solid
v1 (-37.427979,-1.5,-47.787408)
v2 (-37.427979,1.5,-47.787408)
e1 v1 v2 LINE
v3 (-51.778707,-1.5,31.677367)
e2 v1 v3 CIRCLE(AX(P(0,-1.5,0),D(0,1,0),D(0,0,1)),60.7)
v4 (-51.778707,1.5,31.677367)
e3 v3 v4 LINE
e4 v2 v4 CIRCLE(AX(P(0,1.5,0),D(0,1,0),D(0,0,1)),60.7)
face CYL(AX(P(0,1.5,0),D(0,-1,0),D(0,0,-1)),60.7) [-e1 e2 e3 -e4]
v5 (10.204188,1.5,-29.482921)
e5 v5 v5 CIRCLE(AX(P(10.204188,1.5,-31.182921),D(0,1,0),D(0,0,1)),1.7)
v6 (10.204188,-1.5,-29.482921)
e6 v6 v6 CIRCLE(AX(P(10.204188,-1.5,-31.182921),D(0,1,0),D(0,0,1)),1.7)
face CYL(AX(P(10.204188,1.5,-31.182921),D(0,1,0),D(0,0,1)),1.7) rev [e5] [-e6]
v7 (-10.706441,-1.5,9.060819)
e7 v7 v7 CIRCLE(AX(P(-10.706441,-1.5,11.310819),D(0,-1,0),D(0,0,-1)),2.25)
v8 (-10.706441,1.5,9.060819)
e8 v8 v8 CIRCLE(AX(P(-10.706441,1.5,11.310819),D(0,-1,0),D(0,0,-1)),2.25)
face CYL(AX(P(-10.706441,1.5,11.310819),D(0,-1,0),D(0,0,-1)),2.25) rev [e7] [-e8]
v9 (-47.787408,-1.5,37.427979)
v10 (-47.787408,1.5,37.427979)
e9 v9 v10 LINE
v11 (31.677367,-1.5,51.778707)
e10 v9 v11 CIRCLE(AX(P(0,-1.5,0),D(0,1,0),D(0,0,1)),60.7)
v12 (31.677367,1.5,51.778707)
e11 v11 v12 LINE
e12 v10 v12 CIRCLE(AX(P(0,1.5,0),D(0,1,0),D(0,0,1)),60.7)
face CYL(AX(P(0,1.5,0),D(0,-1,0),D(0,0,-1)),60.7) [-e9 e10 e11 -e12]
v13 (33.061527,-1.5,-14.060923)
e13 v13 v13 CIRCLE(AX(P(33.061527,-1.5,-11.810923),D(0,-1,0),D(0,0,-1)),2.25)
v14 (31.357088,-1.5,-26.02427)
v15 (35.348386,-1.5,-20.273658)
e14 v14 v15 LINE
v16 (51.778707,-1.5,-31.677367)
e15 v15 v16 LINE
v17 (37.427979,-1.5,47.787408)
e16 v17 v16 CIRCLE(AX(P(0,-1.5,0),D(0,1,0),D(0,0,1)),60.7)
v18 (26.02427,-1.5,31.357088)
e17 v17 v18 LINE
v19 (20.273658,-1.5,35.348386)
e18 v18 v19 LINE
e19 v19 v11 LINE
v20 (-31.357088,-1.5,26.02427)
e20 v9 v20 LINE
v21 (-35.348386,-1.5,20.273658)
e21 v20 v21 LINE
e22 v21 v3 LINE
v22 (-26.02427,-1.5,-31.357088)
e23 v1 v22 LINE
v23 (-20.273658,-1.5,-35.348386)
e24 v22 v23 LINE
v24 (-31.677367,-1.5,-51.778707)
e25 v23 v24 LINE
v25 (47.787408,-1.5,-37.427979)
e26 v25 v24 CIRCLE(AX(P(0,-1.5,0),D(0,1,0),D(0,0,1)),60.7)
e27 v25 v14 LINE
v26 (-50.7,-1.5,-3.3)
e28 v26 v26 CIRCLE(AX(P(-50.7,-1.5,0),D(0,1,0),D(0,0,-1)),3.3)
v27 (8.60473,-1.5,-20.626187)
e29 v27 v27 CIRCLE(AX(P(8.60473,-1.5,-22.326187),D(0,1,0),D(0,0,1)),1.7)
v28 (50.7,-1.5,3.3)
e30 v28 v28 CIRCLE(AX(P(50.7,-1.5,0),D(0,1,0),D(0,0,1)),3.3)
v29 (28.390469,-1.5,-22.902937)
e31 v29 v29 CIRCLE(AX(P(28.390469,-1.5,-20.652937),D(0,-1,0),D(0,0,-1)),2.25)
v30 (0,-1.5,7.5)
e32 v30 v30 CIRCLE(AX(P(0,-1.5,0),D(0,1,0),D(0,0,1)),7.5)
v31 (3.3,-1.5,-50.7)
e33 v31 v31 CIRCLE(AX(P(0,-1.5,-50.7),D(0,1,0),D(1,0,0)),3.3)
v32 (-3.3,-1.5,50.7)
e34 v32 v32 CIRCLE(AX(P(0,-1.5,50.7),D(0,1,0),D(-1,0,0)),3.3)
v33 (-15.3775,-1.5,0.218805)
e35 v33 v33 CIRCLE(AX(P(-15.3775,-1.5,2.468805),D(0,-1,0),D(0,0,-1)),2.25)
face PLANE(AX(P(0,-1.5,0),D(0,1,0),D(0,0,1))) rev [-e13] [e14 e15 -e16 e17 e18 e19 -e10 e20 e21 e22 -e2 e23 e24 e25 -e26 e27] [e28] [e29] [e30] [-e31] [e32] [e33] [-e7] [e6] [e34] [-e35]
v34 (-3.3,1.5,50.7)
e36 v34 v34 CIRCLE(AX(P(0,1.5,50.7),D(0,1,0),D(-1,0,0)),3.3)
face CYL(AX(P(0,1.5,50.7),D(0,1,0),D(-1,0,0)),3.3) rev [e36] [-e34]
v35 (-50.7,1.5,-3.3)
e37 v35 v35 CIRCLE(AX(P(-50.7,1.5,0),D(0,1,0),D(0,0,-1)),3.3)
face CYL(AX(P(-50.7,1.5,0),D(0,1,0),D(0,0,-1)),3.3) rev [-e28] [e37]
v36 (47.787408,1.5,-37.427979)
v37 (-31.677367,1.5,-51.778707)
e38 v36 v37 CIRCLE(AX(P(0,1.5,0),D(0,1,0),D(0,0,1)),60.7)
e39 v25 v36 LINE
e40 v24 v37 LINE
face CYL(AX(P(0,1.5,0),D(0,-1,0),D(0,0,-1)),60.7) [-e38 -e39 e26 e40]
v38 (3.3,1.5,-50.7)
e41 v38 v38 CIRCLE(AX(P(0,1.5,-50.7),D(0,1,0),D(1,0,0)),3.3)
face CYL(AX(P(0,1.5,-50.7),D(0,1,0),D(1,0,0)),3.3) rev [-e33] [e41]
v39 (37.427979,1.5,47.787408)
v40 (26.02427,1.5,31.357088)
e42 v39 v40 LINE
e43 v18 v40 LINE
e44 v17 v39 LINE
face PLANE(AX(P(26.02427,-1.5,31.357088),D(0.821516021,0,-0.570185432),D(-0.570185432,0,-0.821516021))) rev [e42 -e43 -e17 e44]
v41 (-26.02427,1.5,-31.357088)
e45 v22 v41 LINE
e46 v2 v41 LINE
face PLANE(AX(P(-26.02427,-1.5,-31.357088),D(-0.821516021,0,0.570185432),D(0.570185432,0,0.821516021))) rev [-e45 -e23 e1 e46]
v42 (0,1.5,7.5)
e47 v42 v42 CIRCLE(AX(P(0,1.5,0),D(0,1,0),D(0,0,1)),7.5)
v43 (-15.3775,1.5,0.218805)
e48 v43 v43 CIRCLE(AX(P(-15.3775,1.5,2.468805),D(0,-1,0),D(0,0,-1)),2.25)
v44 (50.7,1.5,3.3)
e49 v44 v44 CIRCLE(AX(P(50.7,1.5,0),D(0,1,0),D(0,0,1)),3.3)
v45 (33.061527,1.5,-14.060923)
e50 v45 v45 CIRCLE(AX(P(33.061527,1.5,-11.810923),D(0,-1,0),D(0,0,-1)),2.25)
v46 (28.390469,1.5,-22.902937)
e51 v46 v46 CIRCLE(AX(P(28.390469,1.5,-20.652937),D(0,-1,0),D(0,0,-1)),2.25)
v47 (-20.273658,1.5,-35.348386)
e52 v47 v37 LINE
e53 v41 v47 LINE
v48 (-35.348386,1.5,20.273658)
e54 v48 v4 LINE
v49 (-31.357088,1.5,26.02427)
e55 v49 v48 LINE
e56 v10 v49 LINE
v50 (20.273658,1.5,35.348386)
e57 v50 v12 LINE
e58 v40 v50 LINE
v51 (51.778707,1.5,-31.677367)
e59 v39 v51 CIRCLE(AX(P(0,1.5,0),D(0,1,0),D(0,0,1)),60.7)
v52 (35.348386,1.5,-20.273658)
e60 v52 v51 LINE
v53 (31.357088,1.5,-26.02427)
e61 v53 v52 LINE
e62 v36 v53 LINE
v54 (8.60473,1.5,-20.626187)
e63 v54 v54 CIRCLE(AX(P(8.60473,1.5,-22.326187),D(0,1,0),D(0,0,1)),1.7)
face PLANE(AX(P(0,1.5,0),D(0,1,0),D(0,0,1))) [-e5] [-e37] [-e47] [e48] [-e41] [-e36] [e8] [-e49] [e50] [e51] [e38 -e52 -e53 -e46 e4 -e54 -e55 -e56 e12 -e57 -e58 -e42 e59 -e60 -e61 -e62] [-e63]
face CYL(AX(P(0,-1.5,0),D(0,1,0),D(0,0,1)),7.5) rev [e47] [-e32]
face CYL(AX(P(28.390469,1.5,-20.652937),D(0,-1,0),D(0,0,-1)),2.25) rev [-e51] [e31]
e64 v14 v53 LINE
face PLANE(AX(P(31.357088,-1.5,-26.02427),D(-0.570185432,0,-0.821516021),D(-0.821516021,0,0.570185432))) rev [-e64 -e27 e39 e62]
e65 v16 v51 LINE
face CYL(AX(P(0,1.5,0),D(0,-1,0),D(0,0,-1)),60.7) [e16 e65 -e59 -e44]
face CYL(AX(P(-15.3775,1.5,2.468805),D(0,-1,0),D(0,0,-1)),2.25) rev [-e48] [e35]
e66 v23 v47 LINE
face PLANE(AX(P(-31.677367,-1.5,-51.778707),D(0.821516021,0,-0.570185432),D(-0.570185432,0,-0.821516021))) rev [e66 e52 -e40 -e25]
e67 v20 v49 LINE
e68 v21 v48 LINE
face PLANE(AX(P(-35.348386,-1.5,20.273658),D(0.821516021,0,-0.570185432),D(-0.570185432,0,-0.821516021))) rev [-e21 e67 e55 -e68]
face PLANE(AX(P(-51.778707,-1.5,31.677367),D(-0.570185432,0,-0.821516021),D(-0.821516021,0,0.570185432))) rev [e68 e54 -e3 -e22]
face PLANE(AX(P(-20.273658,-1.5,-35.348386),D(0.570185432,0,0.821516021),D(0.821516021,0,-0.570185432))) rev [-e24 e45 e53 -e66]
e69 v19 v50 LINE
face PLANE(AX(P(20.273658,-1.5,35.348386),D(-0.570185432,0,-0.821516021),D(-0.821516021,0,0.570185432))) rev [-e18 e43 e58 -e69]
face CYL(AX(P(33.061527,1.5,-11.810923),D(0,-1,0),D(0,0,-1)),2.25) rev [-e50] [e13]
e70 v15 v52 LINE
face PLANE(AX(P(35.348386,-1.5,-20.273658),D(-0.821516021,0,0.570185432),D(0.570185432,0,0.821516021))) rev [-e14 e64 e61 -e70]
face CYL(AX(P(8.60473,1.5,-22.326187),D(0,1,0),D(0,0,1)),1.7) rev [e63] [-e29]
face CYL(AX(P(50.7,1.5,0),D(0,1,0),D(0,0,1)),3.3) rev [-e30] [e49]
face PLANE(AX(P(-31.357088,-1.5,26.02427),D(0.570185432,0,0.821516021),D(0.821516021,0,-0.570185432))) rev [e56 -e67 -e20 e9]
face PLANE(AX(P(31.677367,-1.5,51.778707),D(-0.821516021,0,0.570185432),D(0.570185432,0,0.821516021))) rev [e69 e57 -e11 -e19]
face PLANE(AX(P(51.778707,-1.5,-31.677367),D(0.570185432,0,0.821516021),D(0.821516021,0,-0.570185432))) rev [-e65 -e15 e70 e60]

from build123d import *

# Parameters (mm, degrees)
SKETCH1_R                   = 60.7
BOSS_EXTRUDE1_DEPTH         = 1.5
M6_CLEARANCE_HOLE1_D        = 6.6
CIRPATTERN2_COUNT           = 4
SKETCH10_R                  = 7.5
SERVO_HUB_HOLE_DEPTH        = 86.895168665
SKETCH11_R                  = 2.25
SERVO_SCREW_HOLES_DEPTH     = 86.895168665
LEG_MECHANISM_CUTOUTS_DEPTH = 86.895168665
CIRPATTERN3_COUNT           = 4
M3_CLEARANCE_HOLE1_D        = 3.4


with BuildPart() as part:
    # Sketch1 → Boss-Extrude1 (new, symmetric)
    with BuildSketch(Plane(origin=(0, 0, 0), x_dir=(1, 0, 0), z_dir=(0, 1, 0))):
        with Locations(Location((0, 0, 0), (0, 0, 270))):
            Circle(SKETCH1_R)
    extrude(amount=BOSS_EXTRUDE1_DEPTH, both=True)

    # M6 Clearance Hole1 (through all)
    with Locations(Plane(origin=(0, 1.5, 0), x_dir=(1, 0, 0), z_dir=(0, 1, 0))):
        with Locations((50.7, 0)):
            m6_clearance_hole1 = Hole(M6_CLEARANCE_HOLE1_D / 2)

    # CirPattern2: M6 Clearance Hole1 ×4 about axis
    cirpattern2_axis = Axis((0, 0, 0), (0, 1, 0))
    for i in range(1, CIRPATTERN2_COUNT):
        add(m6_clearance_hole1.rotate(cirpattern2_axis, i * 360 / CIRPATTERN2_COUNT), mode=Mode.SUBTRACT)

    # Sketch10 → servo hub hole (cut, through all)
    with BuildSketch(Plane(origin=(0, 1.5, 0), x_dir=(1, 0, 0), z_dir=(0, 1, 0))):
        with Locations(Location((0, 0, 0), (0, 0, 270))):
            Circle(SKETCH10_R)
    extrude(amount=-SERVO_HUB_HOLE_DEPTH, mode=Mode.SUBTRACT)

    # Sketch11 → servo screw holes (cut, through all)
    with BuildSketch(Plane.XZ.offset(1.5)):
        with Locations(Location((-15.377499853, 2.468805027, 0), (0, 0, 270))):
            Circle(SKETCH11_R)
        with Locations(Location((-10.706440914, 11.310818846, 0), (0, 0, 270))):
            Circle(SKETCH11_R)
        with Locations(Location((28.390468552, -20.652936726, 0), (0, 0, 270))):
            Circle(SKETCH11_R)
        with Locations(Location((33.061527492, -11.810922906, 0), (0, 0, 270))):
            Circle(SKETCH11_R)
    extrude(amount=-SERVO_SCREW_HOLES_DEPTH, mode=Mode.SUBTRACT)

    # Sketch13 → leg mechanism cutouts (cut, through all)
    with BuildSketch(Plane(origin=(0, 1.5, 0), x_dir=(1, 0, 0), z_dir=(0, 1, 0))):
        with BuildLine():
            Line((31.677366544, -51.77870652), (20.273657909, -35.348386091))
            Line((20.273657909, -35.348386091), (26.024270059, -31.357088069))
            Line((26.024270059, -31.357088069), (37.427978694, -47.787408498))
            ThreePointArc((37.427978694, -47.787408498), (34.610255706, -49.8660225), (31.677366544, -51.77870652))
        make_face()
    leg_mechanism_cutouts = extrude(amount=-LEG_MECHANISM_CUTOUTS_DEPTH, mode=Mode.SUBTRACT)

    # CirPattern3: leg mechanism cutouts ×4 about axis
    cirpattern3_axis = Axis((0, 0, 0), (0, 1, 0))
    for i in range(1, CIRPATTERN3_COUNT):
        add(leg_mechanism_cutouts.rotate(cirpattern3_axis, i * 360 / CIRPATTERN3_COUNT), mode=Mode.SUBTRACT)

    # M3 Clearance Hole1 (through all)
    with Locations(Plane(origin=(0, 1.5, 0), x_dir=(1, 0, 0), z_dir=(0, 1, 0))):
        with Locations((8.604729668, 22.326187031), (10.204187746, 31.182920845)):
            Hole(M3_CLEARANCE_HOLE1_D / 2)


solid = part.part
